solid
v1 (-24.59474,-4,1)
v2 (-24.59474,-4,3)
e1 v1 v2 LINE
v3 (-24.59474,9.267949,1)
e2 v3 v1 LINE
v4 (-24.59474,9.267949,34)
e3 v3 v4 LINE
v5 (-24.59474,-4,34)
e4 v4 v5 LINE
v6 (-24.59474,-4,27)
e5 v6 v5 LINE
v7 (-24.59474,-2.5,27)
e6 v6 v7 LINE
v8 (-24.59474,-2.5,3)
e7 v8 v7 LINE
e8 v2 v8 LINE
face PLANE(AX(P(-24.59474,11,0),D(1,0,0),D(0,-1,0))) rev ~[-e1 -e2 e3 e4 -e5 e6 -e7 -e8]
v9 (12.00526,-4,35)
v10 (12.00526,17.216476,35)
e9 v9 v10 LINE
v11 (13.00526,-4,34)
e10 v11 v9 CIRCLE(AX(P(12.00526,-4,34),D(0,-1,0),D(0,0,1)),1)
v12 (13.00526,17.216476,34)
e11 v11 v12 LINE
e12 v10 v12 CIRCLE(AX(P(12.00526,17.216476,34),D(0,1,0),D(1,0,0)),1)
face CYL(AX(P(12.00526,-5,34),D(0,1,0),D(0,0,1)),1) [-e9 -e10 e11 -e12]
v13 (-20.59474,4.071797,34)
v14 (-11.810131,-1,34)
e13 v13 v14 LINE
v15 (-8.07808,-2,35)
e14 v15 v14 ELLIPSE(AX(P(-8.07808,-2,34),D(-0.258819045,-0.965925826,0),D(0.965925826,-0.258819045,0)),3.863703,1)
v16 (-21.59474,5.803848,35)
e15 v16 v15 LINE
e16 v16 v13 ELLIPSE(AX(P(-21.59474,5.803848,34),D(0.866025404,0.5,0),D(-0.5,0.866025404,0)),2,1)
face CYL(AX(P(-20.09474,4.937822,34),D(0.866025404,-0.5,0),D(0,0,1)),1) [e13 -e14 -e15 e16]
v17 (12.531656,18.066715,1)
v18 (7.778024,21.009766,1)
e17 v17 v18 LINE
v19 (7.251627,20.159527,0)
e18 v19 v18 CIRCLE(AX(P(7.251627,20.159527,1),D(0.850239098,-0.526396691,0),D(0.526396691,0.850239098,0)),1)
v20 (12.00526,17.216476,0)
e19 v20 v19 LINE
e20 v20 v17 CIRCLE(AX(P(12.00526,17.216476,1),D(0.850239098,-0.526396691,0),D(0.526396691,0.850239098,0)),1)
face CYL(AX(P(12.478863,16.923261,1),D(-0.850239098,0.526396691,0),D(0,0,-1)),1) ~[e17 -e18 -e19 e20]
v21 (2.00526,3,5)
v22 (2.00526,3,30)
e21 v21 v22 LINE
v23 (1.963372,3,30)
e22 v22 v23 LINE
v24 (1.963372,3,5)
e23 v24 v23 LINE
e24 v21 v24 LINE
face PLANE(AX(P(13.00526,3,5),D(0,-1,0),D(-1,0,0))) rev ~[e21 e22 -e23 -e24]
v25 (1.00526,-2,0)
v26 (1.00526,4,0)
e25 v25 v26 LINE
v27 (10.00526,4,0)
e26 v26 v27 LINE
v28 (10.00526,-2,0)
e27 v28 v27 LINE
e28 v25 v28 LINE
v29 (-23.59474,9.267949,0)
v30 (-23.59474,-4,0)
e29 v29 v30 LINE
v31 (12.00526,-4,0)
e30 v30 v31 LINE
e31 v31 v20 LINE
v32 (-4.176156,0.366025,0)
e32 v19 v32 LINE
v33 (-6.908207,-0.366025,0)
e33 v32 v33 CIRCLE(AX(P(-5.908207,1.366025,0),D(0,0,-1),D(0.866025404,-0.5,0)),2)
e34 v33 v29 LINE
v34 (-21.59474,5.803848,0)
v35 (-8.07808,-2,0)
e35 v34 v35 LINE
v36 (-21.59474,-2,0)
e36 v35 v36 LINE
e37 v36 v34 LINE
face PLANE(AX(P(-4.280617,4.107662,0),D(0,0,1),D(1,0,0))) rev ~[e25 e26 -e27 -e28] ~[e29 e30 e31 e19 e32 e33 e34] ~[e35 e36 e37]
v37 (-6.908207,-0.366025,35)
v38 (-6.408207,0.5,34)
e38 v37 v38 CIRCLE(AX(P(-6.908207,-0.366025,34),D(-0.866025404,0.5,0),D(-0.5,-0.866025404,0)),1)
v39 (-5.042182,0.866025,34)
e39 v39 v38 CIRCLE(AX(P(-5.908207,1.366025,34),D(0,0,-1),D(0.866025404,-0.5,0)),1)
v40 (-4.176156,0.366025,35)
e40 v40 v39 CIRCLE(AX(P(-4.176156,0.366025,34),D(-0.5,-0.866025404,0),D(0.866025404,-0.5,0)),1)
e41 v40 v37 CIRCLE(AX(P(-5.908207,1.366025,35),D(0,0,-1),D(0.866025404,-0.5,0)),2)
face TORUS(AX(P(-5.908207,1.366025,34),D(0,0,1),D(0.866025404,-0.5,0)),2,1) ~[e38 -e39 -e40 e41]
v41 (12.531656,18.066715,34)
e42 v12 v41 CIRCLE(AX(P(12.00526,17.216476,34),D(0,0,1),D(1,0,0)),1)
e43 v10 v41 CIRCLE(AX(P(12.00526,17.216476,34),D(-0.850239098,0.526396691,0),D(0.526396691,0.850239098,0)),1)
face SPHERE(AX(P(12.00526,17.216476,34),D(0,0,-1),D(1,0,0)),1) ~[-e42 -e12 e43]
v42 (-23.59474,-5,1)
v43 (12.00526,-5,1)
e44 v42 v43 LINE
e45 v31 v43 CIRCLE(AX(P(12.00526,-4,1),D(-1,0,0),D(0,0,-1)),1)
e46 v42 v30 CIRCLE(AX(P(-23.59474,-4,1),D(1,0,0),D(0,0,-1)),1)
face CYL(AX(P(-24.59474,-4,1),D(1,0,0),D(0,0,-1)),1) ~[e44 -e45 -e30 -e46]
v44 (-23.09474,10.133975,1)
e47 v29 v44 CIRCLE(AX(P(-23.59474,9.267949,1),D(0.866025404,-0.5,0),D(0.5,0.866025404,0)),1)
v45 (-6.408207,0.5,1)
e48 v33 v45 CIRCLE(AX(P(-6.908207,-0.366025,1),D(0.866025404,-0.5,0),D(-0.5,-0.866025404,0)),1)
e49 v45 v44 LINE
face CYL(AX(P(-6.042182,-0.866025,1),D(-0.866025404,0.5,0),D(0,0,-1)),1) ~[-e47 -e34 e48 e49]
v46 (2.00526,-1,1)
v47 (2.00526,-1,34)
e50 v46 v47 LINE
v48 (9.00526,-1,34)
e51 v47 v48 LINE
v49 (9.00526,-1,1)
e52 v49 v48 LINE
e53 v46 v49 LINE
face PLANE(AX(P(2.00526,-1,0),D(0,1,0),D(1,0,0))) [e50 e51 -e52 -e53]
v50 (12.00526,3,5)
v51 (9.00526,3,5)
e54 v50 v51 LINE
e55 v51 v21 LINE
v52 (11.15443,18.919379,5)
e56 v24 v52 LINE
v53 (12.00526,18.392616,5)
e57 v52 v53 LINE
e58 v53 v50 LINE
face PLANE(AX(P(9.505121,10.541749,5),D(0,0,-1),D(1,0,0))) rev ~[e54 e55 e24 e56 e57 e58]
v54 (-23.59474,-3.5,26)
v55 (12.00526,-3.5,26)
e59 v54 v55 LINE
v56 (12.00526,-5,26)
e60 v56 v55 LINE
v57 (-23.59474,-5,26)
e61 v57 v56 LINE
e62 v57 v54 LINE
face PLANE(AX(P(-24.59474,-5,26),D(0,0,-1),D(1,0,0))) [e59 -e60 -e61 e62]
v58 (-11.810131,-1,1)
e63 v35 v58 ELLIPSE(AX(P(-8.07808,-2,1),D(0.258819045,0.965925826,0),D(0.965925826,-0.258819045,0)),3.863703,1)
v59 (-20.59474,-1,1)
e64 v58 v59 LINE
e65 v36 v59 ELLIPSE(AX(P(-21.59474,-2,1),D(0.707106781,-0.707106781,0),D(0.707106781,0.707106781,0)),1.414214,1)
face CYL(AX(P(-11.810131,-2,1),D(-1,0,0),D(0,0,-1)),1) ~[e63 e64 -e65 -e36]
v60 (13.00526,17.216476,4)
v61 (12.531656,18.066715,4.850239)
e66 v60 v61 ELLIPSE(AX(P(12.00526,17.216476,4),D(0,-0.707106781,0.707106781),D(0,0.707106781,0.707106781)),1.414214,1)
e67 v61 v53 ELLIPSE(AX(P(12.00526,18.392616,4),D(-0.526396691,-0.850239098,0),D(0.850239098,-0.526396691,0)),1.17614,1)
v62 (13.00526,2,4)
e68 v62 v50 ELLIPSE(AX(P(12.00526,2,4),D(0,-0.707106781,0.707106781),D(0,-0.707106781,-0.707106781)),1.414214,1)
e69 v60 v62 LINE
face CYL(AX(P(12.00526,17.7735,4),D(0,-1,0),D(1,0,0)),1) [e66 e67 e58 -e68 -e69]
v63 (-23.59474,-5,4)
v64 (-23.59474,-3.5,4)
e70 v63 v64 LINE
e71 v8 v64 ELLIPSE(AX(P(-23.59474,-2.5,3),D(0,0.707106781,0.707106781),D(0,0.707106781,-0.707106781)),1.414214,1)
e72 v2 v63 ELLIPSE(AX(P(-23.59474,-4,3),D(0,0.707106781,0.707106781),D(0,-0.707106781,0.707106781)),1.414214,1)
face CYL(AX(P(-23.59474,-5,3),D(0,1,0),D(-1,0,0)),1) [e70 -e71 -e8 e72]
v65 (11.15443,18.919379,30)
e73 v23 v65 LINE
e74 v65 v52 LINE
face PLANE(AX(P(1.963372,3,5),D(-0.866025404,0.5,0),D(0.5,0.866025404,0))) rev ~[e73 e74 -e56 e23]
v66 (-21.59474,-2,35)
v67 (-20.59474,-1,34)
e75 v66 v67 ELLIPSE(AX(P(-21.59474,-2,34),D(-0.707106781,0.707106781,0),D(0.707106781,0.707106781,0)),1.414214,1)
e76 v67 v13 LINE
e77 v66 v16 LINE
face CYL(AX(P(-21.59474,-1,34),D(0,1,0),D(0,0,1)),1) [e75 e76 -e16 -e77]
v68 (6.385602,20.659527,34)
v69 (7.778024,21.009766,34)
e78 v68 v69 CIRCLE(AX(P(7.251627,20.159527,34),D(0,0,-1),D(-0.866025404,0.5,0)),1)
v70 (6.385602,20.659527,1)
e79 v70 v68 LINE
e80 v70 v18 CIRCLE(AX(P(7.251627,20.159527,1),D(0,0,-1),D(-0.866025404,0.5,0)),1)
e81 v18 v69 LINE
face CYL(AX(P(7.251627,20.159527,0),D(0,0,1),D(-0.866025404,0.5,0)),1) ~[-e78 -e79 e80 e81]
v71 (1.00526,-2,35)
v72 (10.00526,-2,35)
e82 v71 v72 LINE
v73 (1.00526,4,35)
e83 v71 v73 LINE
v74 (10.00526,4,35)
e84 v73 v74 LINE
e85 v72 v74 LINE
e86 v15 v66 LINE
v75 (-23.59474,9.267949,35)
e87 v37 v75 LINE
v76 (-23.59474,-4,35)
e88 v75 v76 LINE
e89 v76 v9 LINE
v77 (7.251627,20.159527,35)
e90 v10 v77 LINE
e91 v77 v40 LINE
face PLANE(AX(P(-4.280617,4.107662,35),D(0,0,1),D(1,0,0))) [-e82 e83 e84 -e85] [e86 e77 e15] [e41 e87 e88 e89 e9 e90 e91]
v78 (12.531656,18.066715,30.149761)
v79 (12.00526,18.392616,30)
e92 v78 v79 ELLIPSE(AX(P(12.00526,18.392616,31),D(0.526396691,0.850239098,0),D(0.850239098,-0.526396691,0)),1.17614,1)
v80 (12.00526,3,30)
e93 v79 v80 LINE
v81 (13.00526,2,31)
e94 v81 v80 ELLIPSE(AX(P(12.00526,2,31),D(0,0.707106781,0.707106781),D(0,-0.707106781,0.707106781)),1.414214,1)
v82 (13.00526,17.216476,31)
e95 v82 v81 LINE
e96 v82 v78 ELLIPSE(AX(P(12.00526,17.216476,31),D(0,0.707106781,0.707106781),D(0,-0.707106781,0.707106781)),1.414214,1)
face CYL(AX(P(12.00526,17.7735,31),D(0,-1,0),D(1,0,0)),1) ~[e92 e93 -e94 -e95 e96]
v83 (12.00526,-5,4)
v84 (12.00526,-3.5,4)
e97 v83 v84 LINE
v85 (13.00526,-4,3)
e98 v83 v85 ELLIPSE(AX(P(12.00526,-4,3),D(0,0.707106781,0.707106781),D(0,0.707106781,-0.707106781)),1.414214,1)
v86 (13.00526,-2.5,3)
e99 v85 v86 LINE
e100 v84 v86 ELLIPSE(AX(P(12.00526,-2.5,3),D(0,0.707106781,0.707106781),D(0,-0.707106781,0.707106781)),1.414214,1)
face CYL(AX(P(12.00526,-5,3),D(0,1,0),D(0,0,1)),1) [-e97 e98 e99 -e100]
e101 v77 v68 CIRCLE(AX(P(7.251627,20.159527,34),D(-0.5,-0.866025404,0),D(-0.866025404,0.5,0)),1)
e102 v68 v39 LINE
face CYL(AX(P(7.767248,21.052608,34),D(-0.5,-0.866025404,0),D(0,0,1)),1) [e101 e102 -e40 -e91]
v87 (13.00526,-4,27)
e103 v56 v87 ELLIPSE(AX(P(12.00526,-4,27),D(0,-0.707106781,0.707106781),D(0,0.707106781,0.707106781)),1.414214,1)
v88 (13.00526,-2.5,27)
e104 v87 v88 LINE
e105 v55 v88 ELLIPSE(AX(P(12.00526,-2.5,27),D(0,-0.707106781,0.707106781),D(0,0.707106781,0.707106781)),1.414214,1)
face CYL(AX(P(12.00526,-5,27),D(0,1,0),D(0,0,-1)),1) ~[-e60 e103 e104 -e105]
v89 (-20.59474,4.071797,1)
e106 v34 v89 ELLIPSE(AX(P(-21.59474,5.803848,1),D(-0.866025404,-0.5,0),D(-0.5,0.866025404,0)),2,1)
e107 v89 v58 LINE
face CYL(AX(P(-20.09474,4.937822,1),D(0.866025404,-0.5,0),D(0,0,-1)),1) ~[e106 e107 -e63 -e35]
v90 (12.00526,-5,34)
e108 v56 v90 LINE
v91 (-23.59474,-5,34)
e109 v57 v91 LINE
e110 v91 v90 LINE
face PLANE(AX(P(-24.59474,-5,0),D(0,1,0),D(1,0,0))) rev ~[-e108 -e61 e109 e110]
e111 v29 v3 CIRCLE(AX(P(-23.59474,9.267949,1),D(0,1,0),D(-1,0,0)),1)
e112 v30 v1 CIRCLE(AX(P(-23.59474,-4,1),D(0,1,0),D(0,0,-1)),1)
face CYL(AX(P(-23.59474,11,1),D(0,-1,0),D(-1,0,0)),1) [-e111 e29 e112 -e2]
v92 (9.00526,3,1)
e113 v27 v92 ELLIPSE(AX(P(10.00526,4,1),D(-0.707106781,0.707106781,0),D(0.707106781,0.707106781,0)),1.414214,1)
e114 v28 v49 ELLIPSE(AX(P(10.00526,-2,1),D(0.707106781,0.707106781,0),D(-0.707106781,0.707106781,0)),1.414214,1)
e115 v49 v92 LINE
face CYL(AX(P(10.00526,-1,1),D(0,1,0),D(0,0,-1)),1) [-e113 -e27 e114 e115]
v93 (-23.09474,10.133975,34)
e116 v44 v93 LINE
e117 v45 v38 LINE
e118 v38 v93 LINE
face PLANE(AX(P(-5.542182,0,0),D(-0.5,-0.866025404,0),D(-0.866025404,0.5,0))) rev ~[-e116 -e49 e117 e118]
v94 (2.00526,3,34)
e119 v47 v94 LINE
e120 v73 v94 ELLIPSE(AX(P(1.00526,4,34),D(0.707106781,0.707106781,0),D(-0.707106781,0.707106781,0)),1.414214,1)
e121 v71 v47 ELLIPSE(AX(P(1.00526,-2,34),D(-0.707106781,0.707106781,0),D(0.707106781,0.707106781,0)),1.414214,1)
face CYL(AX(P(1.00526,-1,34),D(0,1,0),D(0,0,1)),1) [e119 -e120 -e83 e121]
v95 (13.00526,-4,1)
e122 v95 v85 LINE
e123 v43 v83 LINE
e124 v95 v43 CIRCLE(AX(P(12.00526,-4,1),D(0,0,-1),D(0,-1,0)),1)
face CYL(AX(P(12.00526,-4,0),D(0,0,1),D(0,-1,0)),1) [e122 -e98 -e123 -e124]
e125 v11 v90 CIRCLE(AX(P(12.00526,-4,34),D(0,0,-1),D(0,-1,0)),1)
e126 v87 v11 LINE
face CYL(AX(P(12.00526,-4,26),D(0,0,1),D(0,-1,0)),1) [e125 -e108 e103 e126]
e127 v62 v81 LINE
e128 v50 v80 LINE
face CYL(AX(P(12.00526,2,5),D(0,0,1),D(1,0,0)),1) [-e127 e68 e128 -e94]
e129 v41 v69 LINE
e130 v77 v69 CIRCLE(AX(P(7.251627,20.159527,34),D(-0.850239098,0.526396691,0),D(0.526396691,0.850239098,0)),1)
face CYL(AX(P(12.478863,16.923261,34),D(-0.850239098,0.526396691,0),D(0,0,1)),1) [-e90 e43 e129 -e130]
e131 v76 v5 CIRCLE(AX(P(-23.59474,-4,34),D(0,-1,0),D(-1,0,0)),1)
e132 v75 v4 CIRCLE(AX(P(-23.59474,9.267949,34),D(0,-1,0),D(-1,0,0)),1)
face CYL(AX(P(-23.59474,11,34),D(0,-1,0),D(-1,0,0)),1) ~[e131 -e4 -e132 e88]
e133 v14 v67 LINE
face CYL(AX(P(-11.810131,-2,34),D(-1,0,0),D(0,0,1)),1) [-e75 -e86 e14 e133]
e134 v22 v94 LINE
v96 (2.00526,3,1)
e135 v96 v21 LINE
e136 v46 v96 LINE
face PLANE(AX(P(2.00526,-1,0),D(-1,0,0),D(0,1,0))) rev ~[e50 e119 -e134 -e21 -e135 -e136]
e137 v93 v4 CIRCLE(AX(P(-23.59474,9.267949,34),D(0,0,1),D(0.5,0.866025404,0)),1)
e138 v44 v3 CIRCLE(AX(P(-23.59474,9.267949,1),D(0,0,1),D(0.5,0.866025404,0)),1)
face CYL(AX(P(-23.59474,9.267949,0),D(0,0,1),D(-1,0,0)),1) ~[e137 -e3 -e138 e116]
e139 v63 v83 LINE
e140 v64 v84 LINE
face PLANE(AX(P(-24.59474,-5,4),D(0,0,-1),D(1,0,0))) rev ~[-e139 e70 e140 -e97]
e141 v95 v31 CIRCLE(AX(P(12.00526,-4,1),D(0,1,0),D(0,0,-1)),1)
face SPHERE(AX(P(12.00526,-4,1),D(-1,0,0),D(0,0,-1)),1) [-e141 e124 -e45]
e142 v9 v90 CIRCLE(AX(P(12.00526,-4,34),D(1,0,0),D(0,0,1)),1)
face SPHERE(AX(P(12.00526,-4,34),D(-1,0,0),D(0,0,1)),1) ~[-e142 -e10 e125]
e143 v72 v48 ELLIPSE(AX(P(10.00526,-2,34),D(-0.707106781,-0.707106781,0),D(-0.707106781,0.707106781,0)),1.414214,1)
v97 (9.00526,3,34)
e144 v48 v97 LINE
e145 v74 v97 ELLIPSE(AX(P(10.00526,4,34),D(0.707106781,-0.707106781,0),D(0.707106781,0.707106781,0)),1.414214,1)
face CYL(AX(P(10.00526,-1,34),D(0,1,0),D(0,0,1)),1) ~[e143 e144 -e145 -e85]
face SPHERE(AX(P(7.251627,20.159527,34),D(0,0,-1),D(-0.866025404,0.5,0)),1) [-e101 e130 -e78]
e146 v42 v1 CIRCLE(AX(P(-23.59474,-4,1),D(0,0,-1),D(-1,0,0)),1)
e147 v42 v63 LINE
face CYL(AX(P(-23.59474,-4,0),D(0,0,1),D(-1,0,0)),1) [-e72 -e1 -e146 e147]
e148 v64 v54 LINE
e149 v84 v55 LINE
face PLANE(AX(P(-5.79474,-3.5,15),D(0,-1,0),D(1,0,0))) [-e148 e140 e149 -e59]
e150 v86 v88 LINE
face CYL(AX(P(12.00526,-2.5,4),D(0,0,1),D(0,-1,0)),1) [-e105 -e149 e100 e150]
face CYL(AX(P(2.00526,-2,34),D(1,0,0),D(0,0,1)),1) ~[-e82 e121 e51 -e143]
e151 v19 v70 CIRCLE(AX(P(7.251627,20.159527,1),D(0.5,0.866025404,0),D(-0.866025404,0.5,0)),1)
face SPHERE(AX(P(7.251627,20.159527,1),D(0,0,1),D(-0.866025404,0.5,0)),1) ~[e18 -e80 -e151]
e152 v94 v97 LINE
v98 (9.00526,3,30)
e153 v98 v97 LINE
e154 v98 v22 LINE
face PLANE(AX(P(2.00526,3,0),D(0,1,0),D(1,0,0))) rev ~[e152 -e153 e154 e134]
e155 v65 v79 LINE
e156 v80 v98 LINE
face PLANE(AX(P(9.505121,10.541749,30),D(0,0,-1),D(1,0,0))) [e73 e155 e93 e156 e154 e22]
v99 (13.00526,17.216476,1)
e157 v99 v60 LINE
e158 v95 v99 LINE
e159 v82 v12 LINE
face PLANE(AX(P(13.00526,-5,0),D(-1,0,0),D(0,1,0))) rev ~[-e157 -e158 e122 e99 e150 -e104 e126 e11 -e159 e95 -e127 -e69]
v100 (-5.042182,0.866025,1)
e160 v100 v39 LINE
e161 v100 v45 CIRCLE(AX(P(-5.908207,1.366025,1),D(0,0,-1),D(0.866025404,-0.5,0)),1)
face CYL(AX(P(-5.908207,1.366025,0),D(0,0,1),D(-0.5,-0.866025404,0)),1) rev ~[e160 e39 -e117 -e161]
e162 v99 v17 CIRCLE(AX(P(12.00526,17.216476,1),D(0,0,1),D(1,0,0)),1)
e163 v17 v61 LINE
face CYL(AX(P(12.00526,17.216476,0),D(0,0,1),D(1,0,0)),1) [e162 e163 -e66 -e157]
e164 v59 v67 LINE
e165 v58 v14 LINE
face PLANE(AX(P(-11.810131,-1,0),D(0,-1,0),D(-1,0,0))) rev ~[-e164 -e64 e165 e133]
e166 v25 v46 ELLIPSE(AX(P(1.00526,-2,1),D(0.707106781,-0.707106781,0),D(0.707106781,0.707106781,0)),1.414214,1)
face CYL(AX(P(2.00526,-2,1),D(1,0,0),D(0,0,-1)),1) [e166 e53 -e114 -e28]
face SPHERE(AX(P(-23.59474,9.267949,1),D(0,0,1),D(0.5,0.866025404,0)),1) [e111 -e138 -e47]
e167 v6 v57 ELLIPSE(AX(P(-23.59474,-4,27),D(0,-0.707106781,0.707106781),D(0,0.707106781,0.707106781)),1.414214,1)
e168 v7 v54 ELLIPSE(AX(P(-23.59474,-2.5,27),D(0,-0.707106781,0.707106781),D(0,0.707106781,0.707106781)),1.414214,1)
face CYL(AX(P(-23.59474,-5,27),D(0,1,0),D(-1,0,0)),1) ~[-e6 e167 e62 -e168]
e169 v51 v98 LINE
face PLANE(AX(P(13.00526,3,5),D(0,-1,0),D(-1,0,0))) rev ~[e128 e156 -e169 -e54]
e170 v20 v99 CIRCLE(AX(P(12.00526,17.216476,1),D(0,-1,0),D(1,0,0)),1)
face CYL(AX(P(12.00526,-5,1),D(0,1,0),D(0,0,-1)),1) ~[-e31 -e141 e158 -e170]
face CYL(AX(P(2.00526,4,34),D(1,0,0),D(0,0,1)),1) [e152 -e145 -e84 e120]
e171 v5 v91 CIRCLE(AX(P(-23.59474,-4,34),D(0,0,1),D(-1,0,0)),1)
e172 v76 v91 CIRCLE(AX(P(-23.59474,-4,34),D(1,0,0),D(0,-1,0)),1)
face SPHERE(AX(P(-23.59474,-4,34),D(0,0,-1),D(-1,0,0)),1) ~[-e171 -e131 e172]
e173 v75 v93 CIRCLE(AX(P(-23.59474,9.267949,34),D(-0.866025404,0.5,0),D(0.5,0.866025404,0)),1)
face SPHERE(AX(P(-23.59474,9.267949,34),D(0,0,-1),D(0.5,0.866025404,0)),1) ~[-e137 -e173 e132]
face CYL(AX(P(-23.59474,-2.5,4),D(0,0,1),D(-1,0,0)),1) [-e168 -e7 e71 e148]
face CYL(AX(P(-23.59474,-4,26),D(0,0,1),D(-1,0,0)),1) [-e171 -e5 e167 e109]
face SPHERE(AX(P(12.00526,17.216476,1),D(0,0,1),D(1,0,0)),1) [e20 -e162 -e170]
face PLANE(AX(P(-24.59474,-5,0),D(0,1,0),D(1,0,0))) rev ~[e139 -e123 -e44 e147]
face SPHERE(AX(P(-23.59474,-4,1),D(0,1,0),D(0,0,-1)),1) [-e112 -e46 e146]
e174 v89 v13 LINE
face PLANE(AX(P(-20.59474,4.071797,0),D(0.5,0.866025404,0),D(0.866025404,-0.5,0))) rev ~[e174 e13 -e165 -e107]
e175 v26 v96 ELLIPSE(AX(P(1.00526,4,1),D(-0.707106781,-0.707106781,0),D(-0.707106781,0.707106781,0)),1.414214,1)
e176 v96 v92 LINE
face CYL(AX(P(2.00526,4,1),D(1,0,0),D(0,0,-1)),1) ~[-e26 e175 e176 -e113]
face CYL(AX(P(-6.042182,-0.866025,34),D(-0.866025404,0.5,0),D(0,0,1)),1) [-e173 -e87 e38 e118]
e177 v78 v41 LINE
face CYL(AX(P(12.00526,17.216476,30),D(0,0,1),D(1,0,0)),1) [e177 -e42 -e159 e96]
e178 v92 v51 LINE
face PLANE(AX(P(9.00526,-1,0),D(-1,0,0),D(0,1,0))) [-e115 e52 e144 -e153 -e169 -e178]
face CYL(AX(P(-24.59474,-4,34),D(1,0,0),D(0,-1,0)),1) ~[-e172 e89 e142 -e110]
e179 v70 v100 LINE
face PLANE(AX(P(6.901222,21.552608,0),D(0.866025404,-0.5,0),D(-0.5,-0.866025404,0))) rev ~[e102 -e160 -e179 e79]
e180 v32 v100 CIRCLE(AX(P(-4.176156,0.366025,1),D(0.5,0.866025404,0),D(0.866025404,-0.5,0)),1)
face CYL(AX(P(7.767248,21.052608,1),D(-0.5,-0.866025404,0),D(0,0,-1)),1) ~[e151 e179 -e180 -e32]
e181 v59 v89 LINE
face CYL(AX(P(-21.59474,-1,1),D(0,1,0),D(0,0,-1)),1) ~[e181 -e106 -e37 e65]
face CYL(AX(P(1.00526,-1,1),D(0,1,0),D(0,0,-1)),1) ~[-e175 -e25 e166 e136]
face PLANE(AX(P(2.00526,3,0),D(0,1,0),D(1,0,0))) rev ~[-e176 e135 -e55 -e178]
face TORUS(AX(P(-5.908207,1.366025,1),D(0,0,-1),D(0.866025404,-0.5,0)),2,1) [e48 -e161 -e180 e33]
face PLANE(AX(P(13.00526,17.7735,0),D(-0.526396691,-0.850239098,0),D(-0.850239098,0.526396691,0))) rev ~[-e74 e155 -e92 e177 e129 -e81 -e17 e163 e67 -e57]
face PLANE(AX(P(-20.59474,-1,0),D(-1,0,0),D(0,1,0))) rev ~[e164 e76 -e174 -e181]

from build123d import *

# Parameters (mm, degrees)
F0_W     = 7
F0_H     = 4
F1_DEPTH = 35
F5_DEPTH = 25
F2_W     = 37.6
F2_H     = 22
F6_DEPTH = 1.5
F7_R     = 1


with BuildPart() as f1:
    # F0 (on Top) → F1 (new body)
    with BuildSketch(Plane.XY):
        Polygon((-24.5947403937, 11), (-24.5947403937, -5), (13.0052596063, -5), (13.0052596063, 17.7735), (6.9012222925, 21.5526076059), (-5.5421815105, 0), align=None)
        Polygon((-20.5947403937, -1), (-20.5947403937, 4.0717967697), (-11.8101307029, -1), align=None, mode=Mode.SUBTRACT)
        with Locations((5.5052596063, 1)):
            Rectangle(F0_W, F0_H, mode=Mode.SUBTRACT)
    extrude(amount=F1_DEPTH)

    # F4 (on offset) → F5 (cut)
    with BuildSketch(Plane(origin=(0, 0, 5), x_dir=(1, 0, 0), z_dir=(0, 0, -1))):
        Polygon((13.0052596063, -22.1251103646), (13.0052596063, -3), (1.963371989, -3), align=None)
    extrude(amount=-F5_DEPTH, mode=Mode.SUBTRACT)

    # F2 (on face) → F6 (cut)
    with BuildSketch(Plane.XZ.offset(5)):
        with Locations((-5.7947403937, 15)):
            Rectangle(F2_W, F2_H)
    extrude(amount=-F6_DEPTH, mode=Mode.SUBTRACT)

    # F7
    f7_edges = [f1.edges().sort_by_distance(p)[0] for p in [
        (6.901222, 21.552608, 17.5),
        (-5.542182, 0, 17.5),
        (0.67952, 10.776304, 0),
        (0.67952, 10.776304, 35),
        (-24.59474, 11, 17.5),
        (-15.068461, 5.5, 0),
        (-15.068461, 5.5, 35),
        (-24.59474, 3, 0),
        (-5.79474, -5, 0),
        (13.00526, 6.38675, 0),
        (9.953241, 19.663054, 0),
        (-20.59474, 1.535898, 0),
        (-16.202436, 1.535898, 0),
        (-16.202436, -1, 0),
        (2.00526, 1, 0),
        (5.50526, 3, 0),
        (9.00526, 1, 0),
        (5.50526, -1, 0),
        (-24.59474, -5, 2),
        (-24.59474, -4.25, 4),
        (-24.59474, -3.5, 15),
        (-24.59474, -4.25, 26),
        (-24.59474, -5, 30.5),
        (-24.59474, 3, 35),
        (-5.79474, -5, 35),
        (13.00526, 6.38675, 35),
        (9.953241, 19.663054, 35),
        (-20.59474, 1.535898, 35),
        (-16.202436, 1.535898, 35),
        (-16.202436, -1, 35),
        (2.00526, 1, 35),
        (5.50526, 3, 35),
        (9.00526, 1, 35),
        (5.50526, -1, 35),
        (13.00526, 17.7735, 2.5),
        (13.00526, 10.38675, 5),
        (13.00526, 3, 17.5),
        (13.00526, 10.38675, 30),
        (13.00526, 17.7735, 32.5),
        (13.00526, -5, 30.5),
        (13.00526, -4.25, 26),
        (13.00526, -3.5, 15),
        (13.00526, -4.25, 4),
        (13.00526, -5, 2),
    ]]
    fillet(f7_edges, radius=F7_R)


solid = f1.part
